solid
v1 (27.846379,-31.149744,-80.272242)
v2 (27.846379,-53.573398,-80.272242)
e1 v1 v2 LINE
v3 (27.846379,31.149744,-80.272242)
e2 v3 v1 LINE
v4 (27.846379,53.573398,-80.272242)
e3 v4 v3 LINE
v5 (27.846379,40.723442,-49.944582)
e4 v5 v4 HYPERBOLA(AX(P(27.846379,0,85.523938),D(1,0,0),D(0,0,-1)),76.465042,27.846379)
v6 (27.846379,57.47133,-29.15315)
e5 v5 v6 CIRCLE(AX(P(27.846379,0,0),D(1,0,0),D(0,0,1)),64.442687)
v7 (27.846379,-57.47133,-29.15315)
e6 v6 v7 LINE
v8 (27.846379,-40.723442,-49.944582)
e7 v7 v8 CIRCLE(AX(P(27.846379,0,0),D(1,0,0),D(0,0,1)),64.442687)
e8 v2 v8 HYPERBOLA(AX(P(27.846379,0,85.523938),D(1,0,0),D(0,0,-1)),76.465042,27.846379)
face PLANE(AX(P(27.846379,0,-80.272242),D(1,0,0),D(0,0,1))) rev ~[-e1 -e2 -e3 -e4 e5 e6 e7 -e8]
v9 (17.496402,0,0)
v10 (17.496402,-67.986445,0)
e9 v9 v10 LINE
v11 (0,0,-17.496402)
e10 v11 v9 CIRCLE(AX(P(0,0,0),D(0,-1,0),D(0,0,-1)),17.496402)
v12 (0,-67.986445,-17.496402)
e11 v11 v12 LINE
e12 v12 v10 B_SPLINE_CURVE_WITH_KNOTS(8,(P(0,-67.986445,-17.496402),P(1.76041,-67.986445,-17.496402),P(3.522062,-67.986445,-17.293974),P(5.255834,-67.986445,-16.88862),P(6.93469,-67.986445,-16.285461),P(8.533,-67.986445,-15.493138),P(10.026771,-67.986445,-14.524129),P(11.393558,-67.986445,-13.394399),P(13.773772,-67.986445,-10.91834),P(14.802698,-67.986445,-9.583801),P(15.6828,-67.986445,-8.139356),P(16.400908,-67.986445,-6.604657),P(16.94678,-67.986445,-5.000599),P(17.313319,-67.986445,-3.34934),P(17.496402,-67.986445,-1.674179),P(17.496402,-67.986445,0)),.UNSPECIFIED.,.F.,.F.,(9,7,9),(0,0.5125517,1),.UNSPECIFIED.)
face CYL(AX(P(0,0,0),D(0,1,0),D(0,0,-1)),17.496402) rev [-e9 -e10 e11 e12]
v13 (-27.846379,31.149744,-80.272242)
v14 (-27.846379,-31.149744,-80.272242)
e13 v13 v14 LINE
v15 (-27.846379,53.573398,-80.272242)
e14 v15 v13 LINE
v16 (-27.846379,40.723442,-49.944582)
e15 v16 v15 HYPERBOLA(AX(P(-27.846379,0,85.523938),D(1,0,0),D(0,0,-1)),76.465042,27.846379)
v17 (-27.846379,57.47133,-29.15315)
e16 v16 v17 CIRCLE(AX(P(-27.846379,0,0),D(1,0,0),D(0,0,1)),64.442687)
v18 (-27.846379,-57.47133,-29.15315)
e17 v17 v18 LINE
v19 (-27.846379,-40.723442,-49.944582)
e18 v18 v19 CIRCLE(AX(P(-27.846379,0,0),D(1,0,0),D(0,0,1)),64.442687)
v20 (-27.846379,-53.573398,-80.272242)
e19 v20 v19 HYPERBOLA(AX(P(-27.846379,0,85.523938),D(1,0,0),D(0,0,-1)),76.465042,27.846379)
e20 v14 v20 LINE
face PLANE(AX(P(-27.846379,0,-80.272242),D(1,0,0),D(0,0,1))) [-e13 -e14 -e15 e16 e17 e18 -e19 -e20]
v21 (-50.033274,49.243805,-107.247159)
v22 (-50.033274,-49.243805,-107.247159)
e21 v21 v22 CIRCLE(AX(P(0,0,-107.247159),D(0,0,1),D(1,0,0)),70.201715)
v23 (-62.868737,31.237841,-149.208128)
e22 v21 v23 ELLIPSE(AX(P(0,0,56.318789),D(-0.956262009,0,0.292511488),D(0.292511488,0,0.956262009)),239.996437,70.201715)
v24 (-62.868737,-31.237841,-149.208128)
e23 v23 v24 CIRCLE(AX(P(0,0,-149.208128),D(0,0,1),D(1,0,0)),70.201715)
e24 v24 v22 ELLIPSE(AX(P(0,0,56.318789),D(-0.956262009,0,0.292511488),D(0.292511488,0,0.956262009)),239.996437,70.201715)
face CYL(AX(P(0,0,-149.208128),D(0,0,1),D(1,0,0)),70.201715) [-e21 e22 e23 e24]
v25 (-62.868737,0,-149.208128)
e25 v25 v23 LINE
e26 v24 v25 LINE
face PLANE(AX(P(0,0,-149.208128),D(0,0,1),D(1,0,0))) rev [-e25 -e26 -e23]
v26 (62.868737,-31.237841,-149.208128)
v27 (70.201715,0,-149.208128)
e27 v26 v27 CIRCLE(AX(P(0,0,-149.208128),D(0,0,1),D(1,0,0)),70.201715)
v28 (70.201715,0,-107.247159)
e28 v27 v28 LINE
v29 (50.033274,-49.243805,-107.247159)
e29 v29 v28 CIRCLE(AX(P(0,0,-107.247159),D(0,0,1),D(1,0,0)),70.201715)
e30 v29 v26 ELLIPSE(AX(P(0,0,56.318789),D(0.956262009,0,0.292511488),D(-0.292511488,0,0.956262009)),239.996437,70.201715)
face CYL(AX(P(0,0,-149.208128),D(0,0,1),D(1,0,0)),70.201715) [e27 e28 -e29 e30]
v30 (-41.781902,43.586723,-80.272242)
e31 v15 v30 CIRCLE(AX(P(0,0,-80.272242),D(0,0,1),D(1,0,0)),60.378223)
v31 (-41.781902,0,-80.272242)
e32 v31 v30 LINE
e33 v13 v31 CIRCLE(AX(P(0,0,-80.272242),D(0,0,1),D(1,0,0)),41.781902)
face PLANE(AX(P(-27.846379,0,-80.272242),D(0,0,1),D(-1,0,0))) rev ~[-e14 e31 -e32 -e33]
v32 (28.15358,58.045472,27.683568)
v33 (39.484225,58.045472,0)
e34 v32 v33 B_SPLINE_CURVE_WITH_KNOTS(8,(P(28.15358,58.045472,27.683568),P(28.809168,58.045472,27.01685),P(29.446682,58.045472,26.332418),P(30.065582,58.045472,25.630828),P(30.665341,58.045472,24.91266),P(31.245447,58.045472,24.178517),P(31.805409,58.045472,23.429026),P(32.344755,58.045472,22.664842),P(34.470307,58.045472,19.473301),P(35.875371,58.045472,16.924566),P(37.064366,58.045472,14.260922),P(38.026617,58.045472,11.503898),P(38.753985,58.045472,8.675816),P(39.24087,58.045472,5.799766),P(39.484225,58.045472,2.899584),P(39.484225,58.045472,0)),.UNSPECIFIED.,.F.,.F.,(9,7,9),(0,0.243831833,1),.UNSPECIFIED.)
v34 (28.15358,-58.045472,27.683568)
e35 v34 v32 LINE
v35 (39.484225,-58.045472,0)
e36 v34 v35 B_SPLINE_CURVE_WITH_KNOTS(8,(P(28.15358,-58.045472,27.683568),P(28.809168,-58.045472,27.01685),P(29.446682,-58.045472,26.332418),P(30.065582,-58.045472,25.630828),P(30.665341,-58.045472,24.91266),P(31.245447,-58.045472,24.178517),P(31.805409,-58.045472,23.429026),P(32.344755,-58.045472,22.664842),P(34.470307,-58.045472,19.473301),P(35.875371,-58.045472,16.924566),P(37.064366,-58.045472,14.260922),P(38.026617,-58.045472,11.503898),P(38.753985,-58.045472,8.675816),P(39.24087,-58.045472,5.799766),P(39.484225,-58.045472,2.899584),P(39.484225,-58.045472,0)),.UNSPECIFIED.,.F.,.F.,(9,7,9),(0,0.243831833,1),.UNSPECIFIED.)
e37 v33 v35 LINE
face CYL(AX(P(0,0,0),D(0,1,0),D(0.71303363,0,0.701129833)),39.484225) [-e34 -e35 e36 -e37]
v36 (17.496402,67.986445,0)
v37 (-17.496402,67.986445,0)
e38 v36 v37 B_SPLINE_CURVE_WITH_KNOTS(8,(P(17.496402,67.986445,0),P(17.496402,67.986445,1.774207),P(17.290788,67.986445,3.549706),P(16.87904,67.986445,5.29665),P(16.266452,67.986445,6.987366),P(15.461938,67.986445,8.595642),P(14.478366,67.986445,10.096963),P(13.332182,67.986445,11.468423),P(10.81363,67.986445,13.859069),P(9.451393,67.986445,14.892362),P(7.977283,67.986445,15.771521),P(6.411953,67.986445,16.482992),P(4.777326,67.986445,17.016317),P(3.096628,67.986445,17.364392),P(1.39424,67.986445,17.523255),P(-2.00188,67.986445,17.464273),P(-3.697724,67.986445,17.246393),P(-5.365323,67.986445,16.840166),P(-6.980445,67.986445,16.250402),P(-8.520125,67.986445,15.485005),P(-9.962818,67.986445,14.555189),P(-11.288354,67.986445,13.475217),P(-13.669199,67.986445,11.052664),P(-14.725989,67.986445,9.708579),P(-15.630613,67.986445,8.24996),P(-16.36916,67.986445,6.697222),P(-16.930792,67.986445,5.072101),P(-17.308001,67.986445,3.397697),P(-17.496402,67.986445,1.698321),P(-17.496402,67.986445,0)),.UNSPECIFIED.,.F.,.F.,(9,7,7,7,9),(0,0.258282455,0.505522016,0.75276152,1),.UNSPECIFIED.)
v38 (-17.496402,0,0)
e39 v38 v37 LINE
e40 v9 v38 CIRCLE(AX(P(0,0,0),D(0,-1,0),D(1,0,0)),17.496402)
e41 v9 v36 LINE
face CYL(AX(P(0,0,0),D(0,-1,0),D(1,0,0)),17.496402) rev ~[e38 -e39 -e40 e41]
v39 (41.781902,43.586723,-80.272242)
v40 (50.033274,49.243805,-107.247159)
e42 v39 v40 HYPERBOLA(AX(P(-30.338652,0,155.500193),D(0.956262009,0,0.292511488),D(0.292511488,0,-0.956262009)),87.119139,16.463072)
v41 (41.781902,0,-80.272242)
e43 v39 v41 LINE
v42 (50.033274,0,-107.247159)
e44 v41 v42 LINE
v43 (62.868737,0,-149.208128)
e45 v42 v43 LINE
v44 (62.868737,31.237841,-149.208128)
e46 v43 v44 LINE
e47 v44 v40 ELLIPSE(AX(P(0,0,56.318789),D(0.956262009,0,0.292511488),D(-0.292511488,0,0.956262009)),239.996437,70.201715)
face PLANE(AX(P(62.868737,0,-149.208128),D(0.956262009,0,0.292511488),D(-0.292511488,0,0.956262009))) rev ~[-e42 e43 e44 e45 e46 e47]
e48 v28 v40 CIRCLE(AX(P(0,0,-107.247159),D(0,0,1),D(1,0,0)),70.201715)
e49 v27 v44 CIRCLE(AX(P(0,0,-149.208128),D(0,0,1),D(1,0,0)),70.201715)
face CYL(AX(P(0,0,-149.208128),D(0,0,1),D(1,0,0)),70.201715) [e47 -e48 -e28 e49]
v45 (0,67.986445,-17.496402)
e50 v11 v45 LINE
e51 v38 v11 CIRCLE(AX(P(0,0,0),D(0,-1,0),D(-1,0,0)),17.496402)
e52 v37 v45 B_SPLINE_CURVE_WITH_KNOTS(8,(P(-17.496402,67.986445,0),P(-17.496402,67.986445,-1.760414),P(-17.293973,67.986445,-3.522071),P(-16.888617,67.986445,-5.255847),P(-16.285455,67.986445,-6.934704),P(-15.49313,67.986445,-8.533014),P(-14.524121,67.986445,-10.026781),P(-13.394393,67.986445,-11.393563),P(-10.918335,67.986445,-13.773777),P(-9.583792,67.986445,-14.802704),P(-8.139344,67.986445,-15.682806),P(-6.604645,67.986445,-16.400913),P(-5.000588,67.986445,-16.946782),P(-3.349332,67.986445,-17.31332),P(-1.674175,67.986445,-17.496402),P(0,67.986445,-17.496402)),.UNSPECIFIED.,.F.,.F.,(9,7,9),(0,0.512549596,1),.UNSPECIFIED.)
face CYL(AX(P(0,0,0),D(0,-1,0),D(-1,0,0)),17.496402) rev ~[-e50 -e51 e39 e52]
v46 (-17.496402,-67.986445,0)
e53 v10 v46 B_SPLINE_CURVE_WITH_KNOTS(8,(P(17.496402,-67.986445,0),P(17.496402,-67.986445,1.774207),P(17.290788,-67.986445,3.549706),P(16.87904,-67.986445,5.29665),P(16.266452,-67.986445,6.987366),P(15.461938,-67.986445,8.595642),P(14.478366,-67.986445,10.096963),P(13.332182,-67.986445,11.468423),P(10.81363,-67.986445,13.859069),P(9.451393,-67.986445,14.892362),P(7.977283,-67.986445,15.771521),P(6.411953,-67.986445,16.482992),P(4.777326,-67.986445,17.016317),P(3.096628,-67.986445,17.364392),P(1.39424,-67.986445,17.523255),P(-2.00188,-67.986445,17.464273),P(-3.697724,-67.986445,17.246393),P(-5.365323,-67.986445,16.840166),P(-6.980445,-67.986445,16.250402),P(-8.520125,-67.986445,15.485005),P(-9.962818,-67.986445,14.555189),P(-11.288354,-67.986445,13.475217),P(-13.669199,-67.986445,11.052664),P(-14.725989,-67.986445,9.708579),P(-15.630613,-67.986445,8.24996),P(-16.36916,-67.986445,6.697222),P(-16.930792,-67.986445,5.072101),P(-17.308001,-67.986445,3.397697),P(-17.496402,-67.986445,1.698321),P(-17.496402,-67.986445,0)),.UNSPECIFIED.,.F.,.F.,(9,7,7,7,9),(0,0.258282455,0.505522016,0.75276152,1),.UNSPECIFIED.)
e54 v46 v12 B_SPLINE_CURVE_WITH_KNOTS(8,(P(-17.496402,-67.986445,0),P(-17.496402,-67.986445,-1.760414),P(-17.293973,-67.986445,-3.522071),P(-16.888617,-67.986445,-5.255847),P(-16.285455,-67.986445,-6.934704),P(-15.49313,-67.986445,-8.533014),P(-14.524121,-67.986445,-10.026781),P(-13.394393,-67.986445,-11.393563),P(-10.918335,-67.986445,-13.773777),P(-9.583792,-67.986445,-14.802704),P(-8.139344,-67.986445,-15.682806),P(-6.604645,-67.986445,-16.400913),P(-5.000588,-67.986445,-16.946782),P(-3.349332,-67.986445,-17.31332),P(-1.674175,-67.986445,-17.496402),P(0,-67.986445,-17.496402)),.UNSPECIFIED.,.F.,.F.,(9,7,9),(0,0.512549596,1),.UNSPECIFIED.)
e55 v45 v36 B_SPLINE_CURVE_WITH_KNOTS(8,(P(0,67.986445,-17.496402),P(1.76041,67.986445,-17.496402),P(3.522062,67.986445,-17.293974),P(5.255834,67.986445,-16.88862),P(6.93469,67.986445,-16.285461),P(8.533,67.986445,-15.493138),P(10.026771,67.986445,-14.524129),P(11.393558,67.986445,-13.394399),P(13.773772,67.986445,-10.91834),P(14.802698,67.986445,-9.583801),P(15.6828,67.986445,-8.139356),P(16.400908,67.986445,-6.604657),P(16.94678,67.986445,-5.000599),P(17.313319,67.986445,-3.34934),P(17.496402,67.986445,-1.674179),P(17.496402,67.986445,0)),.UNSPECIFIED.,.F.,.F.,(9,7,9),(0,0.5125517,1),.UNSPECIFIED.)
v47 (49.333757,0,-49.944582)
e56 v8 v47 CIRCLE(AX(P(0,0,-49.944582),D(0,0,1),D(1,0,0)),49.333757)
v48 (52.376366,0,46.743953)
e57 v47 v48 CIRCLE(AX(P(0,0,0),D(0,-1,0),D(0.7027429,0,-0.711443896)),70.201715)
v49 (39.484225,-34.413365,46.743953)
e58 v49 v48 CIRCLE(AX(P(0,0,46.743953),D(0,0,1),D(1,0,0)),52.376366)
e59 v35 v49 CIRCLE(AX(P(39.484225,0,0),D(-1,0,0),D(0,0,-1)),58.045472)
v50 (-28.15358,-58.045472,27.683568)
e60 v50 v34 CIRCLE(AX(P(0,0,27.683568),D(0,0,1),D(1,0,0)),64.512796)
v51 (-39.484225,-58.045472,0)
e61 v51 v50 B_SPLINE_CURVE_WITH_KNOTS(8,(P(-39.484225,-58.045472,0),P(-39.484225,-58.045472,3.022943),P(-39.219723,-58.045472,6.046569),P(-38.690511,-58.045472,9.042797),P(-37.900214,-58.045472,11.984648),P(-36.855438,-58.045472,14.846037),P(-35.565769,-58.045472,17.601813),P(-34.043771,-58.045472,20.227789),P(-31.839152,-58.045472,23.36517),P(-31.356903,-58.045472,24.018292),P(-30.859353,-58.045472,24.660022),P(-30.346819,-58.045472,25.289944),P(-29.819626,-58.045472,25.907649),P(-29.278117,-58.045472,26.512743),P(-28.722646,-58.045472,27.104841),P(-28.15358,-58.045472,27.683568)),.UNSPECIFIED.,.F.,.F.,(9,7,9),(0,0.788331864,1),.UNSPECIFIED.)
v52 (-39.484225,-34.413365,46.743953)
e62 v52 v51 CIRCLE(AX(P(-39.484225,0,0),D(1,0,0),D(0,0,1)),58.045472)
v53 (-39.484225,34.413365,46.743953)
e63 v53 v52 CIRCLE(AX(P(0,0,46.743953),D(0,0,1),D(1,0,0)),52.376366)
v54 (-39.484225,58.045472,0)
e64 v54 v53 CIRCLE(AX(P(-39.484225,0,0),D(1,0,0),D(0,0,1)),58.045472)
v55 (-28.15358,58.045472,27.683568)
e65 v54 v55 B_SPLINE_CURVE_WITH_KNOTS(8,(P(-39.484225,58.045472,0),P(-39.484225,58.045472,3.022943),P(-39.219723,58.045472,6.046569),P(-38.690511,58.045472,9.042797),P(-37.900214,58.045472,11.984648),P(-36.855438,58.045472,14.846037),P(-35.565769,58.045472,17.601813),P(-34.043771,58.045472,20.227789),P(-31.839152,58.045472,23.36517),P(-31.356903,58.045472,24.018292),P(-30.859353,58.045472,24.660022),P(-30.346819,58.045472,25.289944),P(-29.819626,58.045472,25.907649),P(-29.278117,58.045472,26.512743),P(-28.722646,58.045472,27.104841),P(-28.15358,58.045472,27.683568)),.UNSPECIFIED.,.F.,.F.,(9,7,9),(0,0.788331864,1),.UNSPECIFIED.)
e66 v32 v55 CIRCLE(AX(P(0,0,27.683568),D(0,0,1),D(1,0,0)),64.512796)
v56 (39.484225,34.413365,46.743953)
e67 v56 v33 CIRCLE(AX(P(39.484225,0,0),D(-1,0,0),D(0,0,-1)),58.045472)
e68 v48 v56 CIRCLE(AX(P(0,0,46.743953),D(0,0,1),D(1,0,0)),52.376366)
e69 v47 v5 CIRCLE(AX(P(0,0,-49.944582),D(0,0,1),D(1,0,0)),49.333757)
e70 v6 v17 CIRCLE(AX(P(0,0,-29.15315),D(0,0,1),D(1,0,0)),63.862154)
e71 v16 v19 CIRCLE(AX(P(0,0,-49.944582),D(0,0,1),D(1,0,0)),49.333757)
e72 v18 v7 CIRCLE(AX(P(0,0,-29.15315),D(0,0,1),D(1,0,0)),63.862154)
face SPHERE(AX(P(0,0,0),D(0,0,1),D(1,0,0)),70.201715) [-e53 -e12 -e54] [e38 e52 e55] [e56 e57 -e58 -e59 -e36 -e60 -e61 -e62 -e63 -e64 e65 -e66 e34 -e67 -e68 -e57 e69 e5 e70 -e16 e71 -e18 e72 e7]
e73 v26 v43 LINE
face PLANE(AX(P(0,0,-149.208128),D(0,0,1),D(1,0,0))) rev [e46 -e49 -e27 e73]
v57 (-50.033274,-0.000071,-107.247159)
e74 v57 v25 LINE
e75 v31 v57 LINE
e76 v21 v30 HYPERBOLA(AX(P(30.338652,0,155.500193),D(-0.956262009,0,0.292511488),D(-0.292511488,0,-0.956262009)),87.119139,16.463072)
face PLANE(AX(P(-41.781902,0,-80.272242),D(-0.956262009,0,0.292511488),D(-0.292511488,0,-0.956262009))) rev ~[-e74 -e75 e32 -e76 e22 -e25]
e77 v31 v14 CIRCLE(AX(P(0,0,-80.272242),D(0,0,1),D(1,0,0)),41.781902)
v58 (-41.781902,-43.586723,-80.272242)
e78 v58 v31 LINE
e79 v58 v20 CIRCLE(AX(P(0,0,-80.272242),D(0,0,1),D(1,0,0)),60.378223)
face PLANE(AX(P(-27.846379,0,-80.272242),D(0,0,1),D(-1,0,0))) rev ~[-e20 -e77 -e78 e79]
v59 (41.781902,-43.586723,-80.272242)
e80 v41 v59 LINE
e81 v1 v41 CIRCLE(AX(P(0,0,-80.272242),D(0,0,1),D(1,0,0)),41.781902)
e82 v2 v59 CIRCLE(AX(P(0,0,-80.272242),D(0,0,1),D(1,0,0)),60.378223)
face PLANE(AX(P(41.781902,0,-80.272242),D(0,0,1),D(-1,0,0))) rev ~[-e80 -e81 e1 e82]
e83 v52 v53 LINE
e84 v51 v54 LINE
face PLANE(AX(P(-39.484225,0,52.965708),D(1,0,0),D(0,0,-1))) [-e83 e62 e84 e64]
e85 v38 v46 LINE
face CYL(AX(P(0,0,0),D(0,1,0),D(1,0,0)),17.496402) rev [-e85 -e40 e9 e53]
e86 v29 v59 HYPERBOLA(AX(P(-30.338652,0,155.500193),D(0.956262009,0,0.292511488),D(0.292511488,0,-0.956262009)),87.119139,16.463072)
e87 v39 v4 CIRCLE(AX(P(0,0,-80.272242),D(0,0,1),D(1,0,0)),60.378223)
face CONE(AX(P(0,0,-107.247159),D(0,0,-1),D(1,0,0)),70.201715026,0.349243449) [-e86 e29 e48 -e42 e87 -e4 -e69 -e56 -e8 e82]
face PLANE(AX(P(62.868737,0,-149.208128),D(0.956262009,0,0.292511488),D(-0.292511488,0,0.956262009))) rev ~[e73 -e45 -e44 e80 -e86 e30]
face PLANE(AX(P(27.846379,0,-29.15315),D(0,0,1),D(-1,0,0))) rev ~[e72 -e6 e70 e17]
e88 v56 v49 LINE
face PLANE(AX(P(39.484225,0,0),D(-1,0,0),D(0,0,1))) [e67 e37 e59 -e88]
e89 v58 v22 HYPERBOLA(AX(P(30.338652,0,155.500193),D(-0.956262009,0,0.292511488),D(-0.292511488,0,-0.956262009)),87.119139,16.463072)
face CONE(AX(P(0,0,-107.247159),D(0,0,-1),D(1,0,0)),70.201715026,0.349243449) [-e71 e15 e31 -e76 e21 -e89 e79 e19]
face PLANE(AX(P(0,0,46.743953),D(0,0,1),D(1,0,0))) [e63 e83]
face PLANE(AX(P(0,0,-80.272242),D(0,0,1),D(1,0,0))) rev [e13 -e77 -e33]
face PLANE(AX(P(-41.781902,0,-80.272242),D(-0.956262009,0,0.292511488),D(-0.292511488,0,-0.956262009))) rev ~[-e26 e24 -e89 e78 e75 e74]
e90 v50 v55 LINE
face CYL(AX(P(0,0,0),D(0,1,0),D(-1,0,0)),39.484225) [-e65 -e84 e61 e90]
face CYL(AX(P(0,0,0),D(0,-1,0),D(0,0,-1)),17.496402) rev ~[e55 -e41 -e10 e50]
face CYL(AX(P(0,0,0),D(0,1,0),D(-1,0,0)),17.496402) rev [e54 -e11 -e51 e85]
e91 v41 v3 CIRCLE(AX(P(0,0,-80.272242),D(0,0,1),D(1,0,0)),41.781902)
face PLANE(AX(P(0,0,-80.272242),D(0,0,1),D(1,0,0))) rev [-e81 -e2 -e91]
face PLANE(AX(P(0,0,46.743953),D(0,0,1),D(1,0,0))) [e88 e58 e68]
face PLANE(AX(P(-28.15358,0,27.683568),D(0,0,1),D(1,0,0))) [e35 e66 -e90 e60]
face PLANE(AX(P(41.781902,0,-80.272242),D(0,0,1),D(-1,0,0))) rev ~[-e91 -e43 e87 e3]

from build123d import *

# Parameters (mm, degrees)
F2_W     = 27.8463792056
F2_H     = 51.1190928519
F3_DEPTH = 147.9697972536


with BuildPart() as f1:
    # F0 (on Front) → F1 (revolve)
    with BuildSketch(Plane.XZ):
        with BuildLine():
            Line((52.3763655862, 46.7439527708), (0, 46.7439527708))
            Line((0, 46.7439527708), (0, 0))
            Line((0, 0), (0, -49.9445816116))
            Line((0, -49.9445816116), (49.3337568029, -49.9445816116))
            ThreePointArc((49.3337568029, -49.9445816116), (70.1669824017, -2.2080247499), (52.3763655862, 46.7439527708))
        make_face()
        with BuildLine():
            Line((0, -49.9445816116), (0, -70.2017150264))
            ThreePointArc((0, -70.2017150264), (26.6653849329, -64.9402651598), (49.3337568029, -49.9445816116))
            Line((49.3337568029, -49.9445816116), (0, -49.9445816116))
        make_face()
        with BuildLine():
            ThreePointArc((49.3337568029, -49.9445816116), (26.6653849329, -64.9402651598), (0, -70.2017150264))
            Line((0, -70.2017150264), (0, -71.7695653439))
            Line((0, -71.7695653439), (0, -80.2722424269))
            Line((0, -80.2722424269), (41.7819023132, -80.2722424269))
            Line((41.7819023132, -80.2722424269), (50.0332736718, -107.247158885))
            Line((50.0332736718, -107.247158885), (52.902700462, -107.247158885))
            Line((52.902700462, -107.247158885), (70.2017150264, -107.247158885))
            Line((70.2017150264, -107.247158885), (49.3337568029, -49.9445816116))
        make_face()
        Polygon((70.2017150264, -119.4123029709), (70.2017150264, -107.247158885), (52.902700462, -107.247158885), (50.0332736718, -107.247158885), (62.8687366843, -149.2081284523), (70.2017150264, -149.2081284523), align=None)
    revolve(axis=Axis((0, 0, -35.8847826719), (0, 0, 1)))

    # F2 (on Front) → F3 (cut, symmetric)
    with BuildSketch(Plane.XZ):
        with BuildLine():
            ThreePointArc((28.153580195, 27.6835679985), (36.5419369131, 14.9562983912), (39.484224887, 0))
            Line((39.484224887, 0), (39.484224887, 52.965708077))
            Line((39.484224887, 52.965708077), (-39.484224887, 52.965708077))
            Line((-39.484224887, 52.965708077), (-39.484224887, 0))
            ThreePointArc((-39.484224887, 0), (-36.5419369131, 14.9562983912), (-28.153580195, 27.6835679985))
            Line((-28.153580195, 27.6835679985), (28.153580195, 27.6835679985))
        make_face()
        with BuildLine():
            Line((0, 0), (17.4964021464, 0))
            ThreePointArc((17.4964021464, 0), (0, 17.4964021464), (-17.4964021464, 0))
            Line((-17.4964021464, 0), (0, 0))
        make_face()
        with BuildLine():
            Line((0, 0), (-17.4964021464, 0))
            ThreePointArc((-17.4964021464, 0), (-12.3718246041, -12.3718246041), (0, -17.4964021464))
            Line((0, -17.4964021464), (0, 0))
        make_face()
        with BuildLine():
            ThreePointArc((0, -17.4964021464), (12.3718246041, -12.3718246041), (17.4964021464, 0))
            Line((17.4964021464, 0), (0, 0))
            Line((0, 0), (0, -17.4964021464))
        make_face()
        Polygon((27.8463792056, -80.2722424269), (0, -80.2722424269), (0, -149.2081284523), (62.8687366843, -149.2081284523), (41.7819023132, -80.2722424269), align=None)
        Polygon((0, -149.2081284523), (0, -80.2722424269), (-27.8463792056, -80.2722424269), (-41.7819023132, -80.2722424269), (-62.8687366843, -149.2081284523), align=None)
        with Locations((-13.9231896028, -54.7126960009)):
            Rectangle(F2_W, F2_H)
        with Locations((13.9231896028, -54.7126960009)):
            Rectangle(F2_W, F2_H)
    extrude(amount=F3_DEPTH, both=True, mode=Mode.SUBTRACT)


solid = f1.part
